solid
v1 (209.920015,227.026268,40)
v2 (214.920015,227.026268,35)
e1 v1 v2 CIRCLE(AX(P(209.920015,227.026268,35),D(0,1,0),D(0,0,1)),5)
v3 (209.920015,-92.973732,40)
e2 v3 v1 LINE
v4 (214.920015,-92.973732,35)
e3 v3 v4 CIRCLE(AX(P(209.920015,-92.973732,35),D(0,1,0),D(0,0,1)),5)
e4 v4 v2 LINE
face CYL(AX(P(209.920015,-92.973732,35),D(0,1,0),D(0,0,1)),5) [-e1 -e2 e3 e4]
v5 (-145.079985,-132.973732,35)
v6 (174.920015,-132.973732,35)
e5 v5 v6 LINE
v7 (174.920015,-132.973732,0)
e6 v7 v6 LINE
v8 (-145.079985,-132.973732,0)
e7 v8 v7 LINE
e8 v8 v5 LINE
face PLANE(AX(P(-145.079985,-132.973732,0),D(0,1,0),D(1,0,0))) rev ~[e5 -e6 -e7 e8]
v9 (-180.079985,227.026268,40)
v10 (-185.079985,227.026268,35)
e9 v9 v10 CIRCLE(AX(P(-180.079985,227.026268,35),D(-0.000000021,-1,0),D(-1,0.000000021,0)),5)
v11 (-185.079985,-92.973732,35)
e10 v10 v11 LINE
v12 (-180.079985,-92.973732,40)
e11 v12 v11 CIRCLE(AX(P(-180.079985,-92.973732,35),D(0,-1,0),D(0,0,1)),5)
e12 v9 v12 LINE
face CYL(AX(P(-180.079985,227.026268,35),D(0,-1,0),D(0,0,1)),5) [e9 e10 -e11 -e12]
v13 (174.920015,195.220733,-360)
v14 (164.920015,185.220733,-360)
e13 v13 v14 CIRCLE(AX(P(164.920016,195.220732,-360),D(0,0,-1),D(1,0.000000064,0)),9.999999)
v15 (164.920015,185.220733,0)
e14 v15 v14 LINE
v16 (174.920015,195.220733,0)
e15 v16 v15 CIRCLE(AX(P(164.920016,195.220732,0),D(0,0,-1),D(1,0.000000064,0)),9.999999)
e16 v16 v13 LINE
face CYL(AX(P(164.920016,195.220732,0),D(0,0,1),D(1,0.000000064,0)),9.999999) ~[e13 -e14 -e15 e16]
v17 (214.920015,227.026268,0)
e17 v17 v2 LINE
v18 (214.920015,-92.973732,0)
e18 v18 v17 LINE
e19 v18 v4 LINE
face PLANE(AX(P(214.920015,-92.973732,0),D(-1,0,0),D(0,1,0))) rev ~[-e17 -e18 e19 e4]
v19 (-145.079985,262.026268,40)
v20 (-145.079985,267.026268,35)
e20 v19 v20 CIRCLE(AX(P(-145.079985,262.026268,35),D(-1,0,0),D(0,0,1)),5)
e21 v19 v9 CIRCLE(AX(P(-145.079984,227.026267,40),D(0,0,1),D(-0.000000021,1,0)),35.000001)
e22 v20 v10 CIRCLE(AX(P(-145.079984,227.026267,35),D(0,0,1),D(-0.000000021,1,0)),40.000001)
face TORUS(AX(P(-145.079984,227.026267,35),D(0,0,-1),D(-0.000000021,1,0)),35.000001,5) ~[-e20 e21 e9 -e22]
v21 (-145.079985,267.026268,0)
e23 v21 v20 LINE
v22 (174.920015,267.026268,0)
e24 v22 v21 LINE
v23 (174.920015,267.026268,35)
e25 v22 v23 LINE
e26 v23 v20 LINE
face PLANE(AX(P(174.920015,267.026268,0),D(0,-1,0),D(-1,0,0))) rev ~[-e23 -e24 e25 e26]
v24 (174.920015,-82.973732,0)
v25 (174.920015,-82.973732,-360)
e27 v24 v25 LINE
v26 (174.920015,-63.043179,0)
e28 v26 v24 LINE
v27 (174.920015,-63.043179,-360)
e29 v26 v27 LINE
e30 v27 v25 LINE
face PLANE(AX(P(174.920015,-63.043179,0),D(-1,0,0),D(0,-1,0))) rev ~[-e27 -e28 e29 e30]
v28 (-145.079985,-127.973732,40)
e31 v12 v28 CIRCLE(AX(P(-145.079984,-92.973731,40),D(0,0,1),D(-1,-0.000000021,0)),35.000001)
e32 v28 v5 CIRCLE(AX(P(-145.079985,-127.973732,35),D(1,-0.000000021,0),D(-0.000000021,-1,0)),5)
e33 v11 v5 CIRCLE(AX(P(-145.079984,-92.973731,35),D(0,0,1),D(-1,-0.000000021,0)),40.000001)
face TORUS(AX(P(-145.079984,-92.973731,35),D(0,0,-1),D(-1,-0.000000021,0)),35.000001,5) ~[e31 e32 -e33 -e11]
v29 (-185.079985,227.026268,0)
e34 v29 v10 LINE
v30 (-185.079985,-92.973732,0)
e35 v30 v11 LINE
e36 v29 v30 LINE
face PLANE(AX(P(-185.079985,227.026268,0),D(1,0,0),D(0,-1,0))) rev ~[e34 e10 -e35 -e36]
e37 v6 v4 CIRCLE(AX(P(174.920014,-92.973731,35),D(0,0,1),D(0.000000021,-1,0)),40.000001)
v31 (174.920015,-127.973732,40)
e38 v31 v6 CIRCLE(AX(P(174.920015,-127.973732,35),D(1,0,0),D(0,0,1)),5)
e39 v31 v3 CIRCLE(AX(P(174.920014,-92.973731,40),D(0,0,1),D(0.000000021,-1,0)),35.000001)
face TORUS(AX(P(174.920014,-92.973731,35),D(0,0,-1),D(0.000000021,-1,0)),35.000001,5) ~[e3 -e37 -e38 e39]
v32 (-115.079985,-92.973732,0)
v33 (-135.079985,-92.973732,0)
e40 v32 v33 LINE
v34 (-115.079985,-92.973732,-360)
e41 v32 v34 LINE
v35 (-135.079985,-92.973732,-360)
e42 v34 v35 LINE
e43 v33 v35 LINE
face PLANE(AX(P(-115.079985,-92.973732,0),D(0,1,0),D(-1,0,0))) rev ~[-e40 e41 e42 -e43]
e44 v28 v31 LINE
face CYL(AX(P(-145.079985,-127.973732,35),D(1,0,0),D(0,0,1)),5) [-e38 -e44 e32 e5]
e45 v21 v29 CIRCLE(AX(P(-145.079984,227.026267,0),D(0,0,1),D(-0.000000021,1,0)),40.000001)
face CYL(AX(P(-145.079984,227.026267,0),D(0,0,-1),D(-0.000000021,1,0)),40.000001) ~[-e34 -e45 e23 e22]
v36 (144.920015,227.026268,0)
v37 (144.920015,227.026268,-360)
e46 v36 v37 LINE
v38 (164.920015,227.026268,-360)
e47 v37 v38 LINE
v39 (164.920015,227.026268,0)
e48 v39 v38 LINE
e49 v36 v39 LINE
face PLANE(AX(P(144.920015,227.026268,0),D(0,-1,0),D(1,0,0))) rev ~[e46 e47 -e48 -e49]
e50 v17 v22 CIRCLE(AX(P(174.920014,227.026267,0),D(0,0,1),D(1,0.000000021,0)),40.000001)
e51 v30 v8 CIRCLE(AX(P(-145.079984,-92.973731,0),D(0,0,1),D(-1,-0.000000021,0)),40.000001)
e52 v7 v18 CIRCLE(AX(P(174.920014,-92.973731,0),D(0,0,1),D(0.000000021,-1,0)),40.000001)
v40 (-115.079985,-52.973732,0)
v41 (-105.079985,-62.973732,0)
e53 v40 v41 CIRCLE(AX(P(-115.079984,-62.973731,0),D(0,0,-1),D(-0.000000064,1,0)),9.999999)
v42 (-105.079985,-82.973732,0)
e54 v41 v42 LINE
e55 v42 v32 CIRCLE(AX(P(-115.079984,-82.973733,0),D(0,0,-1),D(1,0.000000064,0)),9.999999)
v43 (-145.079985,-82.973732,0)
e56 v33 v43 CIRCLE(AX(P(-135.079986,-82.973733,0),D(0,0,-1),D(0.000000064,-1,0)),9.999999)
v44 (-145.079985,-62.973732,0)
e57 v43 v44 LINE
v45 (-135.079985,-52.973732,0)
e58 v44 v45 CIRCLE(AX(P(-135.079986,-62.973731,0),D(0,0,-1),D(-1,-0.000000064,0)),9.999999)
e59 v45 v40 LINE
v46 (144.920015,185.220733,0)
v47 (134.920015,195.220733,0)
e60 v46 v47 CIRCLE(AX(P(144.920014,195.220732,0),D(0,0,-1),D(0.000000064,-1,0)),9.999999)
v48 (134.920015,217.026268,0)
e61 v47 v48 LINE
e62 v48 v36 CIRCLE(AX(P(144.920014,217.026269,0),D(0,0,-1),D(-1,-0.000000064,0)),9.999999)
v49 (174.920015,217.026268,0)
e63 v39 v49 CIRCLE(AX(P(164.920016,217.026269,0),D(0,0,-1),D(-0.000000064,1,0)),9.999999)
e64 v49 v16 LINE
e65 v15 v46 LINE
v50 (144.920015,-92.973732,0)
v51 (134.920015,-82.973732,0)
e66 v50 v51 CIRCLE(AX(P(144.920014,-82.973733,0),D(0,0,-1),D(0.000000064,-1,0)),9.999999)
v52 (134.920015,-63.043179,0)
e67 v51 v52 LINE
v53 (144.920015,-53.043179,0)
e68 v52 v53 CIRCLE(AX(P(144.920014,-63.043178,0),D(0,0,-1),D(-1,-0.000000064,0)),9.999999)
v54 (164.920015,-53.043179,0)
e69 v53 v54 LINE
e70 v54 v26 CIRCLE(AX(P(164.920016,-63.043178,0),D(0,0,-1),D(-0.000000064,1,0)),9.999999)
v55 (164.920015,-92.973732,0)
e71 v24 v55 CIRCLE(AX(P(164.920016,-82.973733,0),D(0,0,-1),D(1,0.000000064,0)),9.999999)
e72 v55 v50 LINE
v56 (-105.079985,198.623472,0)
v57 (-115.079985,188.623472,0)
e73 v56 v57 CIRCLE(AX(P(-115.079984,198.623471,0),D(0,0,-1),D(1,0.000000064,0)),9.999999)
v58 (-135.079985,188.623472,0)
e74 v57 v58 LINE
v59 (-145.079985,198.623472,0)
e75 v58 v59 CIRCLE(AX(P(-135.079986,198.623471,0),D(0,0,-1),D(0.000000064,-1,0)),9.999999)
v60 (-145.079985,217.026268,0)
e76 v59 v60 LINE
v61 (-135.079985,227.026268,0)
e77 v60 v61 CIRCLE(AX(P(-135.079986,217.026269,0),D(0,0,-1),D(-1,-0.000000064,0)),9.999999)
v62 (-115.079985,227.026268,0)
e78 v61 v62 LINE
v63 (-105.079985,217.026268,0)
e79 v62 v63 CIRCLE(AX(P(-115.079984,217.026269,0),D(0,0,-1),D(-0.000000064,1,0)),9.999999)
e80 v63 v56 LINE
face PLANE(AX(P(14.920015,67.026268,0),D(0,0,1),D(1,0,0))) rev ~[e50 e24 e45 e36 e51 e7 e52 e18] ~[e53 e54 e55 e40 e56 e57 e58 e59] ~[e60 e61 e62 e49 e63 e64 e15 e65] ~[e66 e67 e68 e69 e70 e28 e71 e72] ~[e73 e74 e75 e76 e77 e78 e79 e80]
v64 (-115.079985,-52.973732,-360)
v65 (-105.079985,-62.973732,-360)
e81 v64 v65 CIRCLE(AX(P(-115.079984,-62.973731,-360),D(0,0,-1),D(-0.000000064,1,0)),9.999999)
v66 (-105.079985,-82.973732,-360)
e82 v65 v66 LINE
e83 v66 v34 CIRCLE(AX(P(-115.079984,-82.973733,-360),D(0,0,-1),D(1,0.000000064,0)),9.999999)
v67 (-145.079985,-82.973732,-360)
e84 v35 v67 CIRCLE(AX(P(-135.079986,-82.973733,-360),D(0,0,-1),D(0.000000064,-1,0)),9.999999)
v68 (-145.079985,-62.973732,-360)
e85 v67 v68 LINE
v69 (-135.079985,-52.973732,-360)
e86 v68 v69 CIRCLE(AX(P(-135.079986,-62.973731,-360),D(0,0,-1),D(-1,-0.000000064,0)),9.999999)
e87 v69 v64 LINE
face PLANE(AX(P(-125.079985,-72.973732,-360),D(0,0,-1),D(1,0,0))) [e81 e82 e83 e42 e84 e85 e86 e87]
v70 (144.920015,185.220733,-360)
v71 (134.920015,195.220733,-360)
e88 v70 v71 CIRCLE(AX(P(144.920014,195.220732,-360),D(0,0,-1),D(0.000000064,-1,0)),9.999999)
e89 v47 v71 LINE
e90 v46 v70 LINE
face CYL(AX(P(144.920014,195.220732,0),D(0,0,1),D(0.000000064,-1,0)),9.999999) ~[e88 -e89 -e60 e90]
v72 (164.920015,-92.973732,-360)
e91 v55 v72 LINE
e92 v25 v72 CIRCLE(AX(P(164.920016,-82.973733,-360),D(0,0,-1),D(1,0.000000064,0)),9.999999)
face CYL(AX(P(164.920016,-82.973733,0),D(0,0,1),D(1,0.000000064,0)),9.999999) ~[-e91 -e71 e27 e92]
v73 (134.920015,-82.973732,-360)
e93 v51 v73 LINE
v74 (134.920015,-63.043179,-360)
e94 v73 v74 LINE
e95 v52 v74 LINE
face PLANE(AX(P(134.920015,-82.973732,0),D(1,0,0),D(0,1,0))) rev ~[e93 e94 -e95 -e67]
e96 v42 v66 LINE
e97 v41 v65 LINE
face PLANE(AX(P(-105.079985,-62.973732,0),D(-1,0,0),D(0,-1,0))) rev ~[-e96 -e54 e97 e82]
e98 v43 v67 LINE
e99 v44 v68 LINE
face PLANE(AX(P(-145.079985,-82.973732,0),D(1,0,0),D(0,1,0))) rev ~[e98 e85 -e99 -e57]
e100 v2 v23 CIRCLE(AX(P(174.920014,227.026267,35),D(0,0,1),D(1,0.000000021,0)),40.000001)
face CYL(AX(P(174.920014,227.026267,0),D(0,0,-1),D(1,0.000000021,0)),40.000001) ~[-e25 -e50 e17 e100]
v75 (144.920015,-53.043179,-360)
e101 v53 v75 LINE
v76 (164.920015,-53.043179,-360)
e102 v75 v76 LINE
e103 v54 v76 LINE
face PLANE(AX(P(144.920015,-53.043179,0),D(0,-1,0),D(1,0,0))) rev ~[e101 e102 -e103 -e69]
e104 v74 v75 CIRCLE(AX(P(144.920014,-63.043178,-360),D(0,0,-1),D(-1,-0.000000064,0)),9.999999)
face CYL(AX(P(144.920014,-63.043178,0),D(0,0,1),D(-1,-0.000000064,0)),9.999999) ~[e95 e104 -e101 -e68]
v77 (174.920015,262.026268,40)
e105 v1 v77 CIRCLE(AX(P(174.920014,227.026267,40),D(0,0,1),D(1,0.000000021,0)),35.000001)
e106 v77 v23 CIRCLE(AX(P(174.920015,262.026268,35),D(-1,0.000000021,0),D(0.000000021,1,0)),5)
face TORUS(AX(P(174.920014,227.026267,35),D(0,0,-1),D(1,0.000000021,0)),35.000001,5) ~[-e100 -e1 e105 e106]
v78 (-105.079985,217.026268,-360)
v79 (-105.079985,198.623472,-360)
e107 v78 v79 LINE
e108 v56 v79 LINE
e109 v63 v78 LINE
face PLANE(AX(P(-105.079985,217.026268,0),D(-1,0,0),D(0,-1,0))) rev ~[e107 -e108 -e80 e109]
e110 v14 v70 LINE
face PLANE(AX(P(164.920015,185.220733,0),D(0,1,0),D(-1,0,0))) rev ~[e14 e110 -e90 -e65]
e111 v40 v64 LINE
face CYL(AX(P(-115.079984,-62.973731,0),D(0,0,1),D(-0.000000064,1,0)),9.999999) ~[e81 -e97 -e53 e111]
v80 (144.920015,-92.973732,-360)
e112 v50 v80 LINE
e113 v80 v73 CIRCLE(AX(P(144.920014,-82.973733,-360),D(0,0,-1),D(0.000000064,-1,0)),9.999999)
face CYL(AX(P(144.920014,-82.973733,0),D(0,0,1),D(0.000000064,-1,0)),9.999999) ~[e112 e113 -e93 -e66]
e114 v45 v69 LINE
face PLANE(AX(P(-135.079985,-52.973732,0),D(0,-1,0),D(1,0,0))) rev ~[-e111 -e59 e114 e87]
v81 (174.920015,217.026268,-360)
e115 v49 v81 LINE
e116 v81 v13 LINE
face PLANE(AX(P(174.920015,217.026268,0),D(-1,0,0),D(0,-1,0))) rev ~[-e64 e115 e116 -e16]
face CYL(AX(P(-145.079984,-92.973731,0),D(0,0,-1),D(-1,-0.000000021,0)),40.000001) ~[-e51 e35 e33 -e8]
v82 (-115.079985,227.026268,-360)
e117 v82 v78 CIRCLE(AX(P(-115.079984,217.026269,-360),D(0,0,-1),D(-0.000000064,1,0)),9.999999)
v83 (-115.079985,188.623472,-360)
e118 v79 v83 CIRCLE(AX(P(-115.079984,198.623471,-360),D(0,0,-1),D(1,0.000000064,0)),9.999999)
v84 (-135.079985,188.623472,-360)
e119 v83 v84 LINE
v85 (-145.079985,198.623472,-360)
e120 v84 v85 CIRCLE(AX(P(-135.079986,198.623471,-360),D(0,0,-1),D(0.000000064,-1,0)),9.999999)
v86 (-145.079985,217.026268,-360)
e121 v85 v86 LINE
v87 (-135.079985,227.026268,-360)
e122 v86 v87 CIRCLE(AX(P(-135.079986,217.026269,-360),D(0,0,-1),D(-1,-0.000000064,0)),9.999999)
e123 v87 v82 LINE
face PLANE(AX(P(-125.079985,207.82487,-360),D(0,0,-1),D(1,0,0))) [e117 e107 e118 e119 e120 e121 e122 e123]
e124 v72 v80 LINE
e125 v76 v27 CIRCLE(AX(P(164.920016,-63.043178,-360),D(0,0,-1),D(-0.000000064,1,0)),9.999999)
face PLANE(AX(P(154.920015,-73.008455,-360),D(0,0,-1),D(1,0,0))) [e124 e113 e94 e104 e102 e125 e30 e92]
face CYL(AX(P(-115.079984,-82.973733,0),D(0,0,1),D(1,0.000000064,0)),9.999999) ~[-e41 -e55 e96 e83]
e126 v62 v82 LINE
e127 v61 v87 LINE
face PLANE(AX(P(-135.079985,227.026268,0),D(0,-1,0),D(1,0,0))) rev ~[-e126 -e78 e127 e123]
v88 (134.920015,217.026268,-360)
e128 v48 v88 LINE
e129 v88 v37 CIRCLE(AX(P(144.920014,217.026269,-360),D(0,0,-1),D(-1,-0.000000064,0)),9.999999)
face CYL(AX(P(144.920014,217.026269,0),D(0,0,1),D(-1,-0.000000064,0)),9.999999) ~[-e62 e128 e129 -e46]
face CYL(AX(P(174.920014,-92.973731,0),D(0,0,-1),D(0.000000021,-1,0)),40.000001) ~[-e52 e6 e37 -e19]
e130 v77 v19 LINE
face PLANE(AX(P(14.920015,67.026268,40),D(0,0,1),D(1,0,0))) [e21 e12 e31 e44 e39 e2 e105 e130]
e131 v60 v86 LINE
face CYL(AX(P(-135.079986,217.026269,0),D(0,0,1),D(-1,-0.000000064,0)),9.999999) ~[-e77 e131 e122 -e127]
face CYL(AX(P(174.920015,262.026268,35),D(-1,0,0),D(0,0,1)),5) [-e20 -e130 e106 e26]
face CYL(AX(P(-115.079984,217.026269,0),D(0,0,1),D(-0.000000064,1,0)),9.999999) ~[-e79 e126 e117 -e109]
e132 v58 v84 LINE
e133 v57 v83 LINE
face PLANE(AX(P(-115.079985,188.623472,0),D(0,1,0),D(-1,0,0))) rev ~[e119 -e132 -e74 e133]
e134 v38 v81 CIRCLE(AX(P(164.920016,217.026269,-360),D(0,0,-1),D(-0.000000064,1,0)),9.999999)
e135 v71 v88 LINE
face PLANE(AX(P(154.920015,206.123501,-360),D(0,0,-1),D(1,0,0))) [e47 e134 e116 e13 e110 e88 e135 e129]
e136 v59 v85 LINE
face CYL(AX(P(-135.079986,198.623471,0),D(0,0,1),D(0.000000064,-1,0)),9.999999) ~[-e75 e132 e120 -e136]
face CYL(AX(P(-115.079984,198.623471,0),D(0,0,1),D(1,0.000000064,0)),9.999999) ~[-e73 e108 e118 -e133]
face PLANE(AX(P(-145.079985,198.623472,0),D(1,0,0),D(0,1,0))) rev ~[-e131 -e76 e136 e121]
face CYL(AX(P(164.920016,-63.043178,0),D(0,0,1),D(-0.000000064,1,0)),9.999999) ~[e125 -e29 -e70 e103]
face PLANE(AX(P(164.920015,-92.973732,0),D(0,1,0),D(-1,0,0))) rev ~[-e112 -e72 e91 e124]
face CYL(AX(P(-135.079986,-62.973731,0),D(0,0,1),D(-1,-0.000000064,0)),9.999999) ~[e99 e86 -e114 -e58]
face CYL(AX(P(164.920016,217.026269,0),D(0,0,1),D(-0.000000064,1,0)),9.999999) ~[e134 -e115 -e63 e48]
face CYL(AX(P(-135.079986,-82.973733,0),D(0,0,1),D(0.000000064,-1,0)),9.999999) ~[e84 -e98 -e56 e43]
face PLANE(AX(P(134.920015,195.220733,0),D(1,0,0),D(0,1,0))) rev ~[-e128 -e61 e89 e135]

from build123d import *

# Parameters (mm, degrees)
F1_DEPTH = 40
F3_DEPTH = 360
F4_R     = 5


with BuildPart() as f1:
    # F0 (on Top) → F1 (new body)
    with BuildSketch(Plane.XY):
        with BuildLine():
            Line((174.920015, 267.026268), (-145.079985, 267.026268))
            ThreePointArc((-145.079985, 267.026268), (-173.364256, 255.310539), (-185.079985, 227.026268))
            Line((-185.079985, 227.026268), (-185.079985, -92.973732))
            ThreePointArc((-185.079985, -92.973732), (-173.364256, -121.258003), (-145.079985, -132.973732))
            Line((-145.079985, -132.973732), (174.920015, -132.973732))
            ThreePointArc((174.920015, -132.973732), (203.204286, -121.258003), (214.920015, -92.973732))
            Line((214.920015, -92.973732), (214.920015, 227.026268))
            ThreePointArc((214.920015, 227.026268), (203.204286, 255.310539), (174.920015, 267.026268))
        make_face()
    extrude(amount=F1_DEPTH)

    # F2 (on face) → F3 (join)
    with BuildSketch(Plane(origin=(0, 0, 0), x_dir=(1, 0, 0), z_dir=(0, 0, -1))):
        with BuildLine():
            ThreePointArc((-145.079985, 62.973732), (-142.151053, 55.902664), (-135.079985, 52.973732))
            Line((-135.079985, 52.973732), (-115.079985, 52.973732))
            ThreePointArc((-115.079985, 52.973732), (-108.008917, 55.902664), (-105.079985, 62.973732))
            Line((-105.079985, 62.973732), (-105.079985, 82.973732))
            ThreePointArc((-105.079985, 82.973732), (-108.008917, 90.0448), (-115.079985, 92.973732))
            Line((-115.079985, 92.973732), (-135.079985, 92.973732))
            ThreePointArc((-135.079985, 92.973732), (-142.151053, 90.0448), (-145.079985, 82.973732))
            Line((-145.079985, 82.973732), (-145.079985, 62.973732))
        make_face()
        with BuildLine():
            Line((-115.079985, -188.623472), (-135.079985, -188.623472))
            ThreePointArc((-135.079985, -188.623472), (-142.151053, -191.552404), (-145.079985, -198.623472))
            Line((-145.079985, -198.623472), (-145.079985, -217.026268))
            ThreePointArc((-145.079985, -217.026268), (-142.151053, -224.097336), (-135.079985, -227.026268))
            Line((-135.079985, -227.026268), (-115.079985, -227.026268))
            ThreePointArc((-115.079985, -227.026268), (-108.008917, -224.097336), (-105.079985, -217.026268))
            Line((-105.079985, -217.026268), (-105.079985, -198.623472))
            ThreePointArc((-105.079985, -198.623472), (-108.008917, -191.552404), (-115.079985, -188.623472))
        make_face()
        with BuildLine():
            ThreePointArc((174.920015, -195.220733), (171.991083, -188.149665), (164.920015, -185.220733))
            Line((164.920015, -185.220733), (144.920015, -185.220733))
            ThreePointArc((144.920015, -185.220733), (137.848947, -188.149665), (134.920015, -195.220733))
            Line((134.920015, -195.220733), (134.920015, -217.026268))
            ThreePointArc((134.920015, -217.026268), (137.848947, -224.097336), (144.920015, -227.026268))
            Line((144.920015, -227.026268), (164.920015, -227.026268))
            ThreePointArc((164.920015, -227.026268), (171.991083, -224.097336), (174.920015, -217.026268))
            Line((174.920015, -217.026268), (174.920015, -195.220733))
        make_face()
        with BuildLine():
            Line((164.920015, 92.973732), (144.920015, 92.973732))
            ThreePointArc((144.920015, 92.973732), (137.848947, 90.0448), (134.920015, 82.973732))
            Line((134.920015, 82.973732), (134.920015, 63.043179))
            ThreePointArc((134.920015, 63.043179), (137.848947, 55.972111), (144.920015, 53.043179))
            Line((144.920015, 53.043179), (164.920015, 53.043179))
            ThreePointArc((164.920015, 53.043179), (171.991083, 55.972111), (174.920015, 63.043179))
            Line((174.920015, 63.043179), (174.920015, 82.973732))
            ThreePointArc((174.920015, 82.973732), (171.991083, 90.0448), (164.920015, 92.973732))
        make_face()
    extrude(amount=F3_DEPTH)

    # F4
    f4_edges = [f1.edges().sort_by_distance(p)[0] for p in [
        (214.920015, 67.026268, 40),
        (203.204286, 255.310539, 40),
        (14.920015, 267.026268, 40),
        (-173.364256, 255.310539, 40),
        (-185.079985, 67.026268, 40),
        (-173.364256, -121.258003, 40),
        (14.920015, -132.973732, 40),
        (203.204286, -121.258003, 40),
    ]]
    fillet(f4_edges, radius=F4_R)


solid = f1.part
